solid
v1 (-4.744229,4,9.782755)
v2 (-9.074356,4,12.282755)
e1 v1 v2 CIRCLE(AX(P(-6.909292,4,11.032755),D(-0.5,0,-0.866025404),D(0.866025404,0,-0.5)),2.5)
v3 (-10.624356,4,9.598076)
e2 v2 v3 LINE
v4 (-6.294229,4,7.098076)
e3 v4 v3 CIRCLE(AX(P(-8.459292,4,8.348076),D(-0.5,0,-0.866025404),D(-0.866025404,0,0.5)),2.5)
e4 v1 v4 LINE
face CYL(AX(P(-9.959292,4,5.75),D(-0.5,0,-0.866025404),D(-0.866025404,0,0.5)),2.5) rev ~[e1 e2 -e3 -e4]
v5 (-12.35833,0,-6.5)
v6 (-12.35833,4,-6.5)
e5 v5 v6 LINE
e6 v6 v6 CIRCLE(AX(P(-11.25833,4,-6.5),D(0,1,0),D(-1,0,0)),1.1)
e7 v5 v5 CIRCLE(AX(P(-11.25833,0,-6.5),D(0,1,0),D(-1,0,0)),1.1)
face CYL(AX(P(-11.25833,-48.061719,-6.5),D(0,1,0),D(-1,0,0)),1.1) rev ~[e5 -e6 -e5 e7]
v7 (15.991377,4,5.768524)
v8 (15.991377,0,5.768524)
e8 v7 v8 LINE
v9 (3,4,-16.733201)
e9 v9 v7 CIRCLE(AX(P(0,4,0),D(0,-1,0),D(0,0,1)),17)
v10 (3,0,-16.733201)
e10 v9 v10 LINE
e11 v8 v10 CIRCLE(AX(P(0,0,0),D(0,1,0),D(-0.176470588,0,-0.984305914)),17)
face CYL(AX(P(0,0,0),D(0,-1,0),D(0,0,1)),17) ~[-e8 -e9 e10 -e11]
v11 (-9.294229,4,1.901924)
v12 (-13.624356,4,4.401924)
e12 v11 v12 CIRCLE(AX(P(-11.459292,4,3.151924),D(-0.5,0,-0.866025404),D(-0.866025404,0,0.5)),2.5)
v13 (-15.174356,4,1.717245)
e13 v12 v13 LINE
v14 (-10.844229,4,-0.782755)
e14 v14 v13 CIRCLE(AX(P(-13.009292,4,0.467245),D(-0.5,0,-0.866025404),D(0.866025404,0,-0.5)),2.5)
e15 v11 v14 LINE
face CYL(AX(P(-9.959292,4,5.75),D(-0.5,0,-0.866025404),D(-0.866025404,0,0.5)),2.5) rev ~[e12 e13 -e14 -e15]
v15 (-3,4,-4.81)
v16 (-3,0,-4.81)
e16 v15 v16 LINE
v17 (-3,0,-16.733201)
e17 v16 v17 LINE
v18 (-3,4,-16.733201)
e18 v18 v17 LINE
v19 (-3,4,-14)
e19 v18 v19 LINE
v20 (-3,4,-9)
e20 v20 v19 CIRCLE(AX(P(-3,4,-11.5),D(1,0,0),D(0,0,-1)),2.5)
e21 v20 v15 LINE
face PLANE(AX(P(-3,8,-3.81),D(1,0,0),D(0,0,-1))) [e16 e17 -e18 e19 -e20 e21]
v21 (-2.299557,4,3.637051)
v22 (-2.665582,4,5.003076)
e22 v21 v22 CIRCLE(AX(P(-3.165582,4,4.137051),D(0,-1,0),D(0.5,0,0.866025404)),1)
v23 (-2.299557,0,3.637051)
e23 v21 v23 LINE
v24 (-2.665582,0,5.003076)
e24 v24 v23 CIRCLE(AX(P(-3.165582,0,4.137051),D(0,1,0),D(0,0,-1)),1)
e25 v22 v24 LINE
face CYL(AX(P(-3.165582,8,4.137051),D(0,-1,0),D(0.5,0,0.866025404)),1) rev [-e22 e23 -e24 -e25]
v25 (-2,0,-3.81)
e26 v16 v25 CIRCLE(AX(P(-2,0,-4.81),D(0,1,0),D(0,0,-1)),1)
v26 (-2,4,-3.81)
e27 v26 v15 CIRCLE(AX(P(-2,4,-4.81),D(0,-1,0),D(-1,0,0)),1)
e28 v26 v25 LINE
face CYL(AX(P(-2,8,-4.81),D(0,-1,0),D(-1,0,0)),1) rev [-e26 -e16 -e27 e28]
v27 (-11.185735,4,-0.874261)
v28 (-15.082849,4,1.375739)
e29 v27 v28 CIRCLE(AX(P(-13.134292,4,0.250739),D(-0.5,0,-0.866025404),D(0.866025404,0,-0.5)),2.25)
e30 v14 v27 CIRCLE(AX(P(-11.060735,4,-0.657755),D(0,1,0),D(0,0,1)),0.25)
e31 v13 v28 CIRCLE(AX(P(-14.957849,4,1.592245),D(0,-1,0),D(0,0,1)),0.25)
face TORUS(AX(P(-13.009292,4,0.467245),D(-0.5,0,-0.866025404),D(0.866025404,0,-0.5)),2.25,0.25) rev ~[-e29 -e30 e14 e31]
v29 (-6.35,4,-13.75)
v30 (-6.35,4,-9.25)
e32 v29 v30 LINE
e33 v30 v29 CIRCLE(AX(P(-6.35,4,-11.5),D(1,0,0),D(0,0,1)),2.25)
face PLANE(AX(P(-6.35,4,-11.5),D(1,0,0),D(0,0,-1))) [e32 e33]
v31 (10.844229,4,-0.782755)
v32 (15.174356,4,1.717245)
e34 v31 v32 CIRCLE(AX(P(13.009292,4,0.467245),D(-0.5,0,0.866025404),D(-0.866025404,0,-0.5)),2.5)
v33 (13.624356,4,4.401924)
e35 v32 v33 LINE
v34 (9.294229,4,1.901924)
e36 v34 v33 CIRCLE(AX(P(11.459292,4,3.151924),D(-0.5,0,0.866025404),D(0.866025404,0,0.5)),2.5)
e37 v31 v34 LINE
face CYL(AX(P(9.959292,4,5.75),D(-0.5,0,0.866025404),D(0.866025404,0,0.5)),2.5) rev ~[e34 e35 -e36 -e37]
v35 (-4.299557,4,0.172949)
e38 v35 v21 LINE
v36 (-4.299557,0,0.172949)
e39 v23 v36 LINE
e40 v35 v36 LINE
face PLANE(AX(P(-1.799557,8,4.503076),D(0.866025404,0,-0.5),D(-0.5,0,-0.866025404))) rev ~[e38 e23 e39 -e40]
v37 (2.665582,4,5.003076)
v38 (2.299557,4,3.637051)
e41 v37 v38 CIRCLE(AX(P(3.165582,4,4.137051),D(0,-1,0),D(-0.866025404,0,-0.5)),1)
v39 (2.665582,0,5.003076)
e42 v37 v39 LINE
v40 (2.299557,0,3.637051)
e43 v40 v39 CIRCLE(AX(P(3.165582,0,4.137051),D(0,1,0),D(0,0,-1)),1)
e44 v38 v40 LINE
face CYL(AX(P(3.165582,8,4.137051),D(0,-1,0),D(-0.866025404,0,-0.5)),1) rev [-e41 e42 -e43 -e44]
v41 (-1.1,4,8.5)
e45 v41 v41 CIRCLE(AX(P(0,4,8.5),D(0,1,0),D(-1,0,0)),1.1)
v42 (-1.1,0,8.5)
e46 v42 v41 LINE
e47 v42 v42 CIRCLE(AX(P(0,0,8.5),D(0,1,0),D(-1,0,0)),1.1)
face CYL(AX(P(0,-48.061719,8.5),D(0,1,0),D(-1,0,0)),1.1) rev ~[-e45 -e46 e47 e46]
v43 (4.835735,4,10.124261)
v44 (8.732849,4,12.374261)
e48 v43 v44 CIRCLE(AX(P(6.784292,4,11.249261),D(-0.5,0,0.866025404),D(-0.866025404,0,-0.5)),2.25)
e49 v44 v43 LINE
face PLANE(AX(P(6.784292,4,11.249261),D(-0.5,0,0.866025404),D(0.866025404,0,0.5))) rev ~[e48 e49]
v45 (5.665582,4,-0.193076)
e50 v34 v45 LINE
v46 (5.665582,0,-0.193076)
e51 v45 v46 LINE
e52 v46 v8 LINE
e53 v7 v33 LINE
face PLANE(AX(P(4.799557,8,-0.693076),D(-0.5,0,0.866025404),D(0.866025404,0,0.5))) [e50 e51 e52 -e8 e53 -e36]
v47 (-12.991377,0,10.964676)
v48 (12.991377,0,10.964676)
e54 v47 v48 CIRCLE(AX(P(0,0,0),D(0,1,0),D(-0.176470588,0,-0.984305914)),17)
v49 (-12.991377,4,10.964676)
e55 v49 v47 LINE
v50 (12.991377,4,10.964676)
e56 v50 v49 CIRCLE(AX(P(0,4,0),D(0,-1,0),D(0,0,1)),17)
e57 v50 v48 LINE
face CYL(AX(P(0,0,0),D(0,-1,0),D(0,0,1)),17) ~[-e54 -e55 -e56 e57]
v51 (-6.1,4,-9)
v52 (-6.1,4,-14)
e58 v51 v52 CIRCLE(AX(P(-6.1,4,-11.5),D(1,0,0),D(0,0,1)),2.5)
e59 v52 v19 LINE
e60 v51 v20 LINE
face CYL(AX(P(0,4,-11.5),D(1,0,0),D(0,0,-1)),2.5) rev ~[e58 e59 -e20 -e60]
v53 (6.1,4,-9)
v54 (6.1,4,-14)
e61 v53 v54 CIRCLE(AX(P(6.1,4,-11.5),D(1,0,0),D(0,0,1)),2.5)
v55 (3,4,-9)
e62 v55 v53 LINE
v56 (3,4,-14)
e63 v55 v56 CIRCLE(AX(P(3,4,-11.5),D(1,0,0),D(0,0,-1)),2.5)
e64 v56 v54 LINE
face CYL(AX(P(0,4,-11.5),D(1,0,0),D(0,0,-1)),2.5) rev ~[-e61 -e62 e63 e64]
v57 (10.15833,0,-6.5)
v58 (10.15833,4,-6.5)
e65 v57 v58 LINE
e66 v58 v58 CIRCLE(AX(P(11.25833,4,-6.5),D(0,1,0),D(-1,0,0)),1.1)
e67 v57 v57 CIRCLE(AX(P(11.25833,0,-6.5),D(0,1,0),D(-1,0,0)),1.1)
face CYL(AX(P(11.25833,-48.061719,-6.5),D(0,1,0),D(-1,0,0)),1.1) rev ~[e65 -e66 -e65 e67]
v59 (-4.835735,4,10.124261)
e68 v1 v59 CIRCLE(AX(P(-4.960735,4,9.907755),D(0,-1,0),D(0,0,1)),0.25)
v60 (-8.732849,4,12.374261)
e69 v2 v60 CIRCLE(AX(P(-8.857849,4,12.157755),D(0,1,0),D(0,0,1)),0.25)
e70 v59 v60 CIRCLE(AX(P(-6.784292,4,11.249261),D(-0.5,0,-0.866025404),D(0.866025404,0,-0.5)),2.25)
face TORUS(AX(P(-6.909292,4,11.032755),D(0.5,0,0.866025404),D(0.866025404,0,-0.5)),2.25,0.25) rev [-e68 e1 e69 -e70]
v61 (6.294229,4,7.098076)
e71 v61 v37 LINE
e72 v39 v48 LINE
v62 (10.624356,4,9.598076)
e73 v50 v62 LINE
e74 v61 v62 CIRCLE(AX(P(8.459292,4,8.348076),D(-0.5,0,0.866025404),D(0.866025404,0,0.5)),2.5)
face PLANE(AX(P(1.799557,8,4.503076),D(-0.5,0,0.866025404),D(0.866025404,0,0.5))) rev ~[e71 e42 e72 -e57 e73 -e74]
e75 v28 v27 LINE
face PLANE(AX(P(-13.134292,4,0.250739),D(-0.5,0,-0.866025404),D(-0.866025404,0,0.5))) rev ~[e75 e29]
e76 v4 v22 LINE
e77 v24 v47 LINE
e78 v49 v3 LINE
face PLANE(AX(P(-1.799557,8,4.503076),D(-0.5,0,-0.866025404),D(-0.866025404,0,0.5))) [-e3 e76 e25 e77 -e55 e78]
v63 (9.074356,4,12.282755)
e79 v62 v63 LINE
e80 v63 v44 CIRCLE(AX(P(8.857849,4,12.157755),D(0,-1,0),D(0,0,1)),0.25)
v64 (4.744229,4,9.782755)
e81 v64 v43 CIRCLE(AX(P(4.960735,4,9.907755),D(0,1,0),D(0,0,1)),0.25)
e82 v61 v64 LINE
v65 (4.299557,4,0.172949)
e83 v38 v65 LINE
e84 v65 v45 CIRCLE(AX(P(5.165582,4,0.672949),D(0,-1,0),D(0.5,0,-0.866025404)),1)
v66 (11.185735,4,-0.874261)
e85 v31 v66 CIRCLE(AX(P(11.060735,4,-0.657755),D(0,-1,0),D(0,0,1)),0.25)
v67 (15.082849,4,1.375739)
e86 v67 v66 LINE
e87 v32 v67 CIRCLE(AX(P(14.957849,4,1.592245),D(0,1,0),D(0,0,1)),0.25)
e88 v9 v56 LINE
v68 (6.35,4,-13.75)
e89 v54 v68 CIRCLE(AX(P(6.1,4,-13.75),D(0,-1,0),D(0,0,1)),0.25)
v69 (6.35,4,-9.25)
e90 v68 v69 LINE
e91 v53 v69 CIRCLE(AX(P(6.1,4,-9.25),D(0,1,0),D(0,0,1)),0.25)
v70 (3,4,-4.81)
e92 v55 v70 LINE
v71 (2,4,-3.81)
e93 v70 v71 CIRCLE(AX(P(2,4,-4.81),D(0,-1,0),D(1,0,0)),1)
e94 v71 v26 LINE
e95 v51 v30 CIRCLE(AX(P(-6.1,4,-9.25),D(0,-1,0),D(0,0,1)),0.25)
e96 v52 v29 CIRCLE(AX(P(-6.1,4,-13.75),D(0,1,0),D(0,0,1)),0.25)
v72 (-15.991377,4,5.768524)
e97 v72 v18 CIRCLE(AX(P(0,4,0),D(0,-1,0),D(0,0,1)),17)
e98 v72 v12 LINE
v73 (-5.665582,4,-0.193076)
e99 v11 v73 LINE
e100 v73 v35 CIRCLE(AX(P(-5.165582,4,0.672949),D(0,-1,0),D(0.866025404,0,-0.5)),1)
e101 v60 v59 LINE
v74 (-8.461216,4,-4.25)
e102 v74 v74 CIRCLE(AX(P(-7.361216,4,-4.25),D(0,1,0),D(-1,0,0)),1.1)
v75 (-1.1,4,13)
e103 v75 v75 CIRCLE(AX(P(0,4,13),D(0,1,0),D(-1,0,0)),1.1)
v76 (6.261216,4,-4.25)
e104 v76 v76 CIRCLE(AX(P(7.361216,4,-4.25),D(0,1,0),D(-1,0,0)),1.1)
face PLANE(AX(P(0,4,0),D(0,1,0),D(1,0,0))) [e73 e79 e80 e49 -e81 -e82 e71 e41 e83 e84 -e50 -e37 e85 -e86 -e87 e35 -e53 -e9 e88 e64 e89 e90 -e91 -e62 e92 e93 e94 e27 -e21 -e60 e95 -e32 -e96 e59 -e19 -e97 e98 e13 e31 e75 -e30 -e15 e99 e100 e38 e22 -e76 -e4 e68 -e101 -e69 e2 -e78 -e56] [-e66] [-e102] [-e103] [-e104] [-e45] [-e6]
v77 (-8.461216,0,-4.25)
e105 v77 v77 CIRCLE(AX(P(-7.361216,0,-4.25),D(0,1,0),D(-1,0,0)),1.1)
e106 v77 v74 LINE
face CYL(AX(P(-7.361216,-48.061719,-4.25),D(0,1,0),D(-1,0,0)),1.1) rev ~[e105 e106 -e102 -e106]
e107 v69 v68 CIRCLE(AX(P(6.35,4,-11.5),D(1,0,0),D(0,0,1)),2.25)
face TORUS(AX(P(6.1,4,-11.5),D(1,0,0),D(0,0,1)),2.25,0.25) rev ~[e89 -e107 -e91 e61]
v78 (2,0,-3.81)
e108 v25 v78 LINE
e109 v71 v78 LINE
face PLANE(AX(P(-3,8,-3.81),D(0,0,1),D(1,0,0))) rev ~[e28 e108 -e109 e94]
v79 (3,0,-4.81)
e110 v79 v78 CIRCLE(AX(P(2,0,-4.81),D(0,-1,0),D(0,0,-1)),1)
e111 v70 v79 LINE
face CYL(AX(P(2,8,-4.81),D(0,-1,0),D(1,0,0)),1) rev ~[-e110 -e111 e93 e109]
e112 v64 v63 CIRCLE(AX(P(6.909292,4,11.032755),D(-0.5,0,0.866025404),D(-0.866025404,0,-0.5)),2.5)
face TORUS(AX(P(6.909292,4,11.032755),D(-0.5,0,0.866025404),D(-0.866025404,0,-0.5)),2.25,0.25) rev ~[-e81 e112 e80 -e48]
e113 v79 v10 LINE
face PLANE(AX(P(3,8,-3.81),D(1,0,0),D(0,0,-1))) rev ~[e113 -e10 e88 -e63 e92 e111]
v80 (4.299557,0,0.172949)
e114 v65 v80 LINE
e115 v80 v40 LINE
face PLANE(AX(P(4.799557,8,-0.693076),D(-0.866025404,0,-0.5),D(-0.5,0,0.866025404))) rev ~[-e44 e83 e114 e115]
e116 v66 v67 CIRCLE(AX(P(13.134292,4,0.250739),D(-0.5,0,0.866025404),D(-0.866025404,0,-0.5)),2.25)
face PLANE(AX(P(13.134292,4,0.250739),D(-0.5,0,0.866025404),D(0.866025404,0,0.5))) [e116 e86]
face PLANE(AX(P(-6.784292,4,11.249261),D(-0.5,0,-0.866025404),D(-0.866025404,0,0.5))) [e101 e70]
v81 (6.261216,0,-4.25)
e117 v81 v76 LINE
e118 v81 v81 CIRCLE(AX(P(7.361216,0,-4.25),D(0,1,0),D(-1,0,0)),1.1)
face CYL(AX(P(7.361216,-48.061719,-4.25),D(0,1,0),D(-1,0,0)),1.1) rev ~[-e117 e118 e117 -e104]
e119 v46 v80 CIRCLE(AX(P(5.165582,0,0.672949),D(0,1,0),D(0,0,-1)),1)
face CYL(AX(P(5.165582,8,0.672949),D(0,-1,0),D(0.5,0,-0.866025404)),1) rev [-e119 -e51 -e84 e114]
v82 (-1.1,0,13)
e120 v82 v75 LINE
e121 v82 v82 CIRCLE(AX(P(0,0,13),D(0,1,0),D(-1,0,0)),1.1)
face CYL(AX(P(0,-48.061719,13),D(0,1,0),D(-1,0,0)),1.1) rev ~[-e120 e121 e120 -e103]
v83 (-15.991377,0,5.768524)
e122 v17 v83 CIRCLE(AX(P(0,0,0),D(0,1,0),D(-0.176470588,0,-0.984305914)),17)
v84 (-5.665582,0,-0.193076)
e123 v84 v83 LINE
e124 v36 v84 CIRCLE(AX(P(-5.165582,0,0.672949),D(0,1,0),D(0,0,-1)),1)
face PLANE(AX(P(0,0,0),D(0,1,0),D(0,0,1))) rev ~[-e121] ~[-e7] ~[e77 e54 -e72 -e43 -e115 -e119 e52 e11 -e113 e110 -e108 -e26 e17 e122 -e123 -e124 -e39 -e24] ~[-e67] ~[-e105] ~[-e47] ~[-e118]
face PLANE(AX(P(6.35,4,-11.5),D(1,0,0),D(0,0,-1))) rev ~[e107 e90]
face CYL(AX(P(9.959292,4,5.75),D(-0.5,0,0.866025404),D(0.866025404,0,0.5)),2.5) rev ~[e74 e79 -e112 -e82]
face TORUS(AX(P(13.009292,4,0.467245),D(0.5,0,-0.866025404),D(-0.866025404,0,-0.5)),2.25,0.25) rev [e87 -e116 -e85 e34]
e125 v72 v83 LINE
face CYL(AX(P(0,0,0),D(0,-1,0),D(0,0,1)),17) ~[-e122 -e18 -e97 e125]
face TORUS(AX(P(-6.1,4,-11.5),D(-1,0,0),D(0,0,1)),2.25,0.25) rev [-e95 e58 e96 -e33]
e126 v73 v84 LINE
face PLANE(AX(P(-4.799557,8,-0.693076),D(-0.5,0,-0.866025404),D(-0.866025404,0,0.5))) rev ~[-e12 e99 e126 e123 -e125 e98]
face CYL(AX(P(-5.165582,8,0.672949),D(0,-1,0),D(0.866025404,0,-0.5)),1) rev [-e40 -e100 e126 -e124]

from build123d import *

# Parameters (mm, degrees)
SKETCH1_R                  = 17
BOSS_EXTRUDE1_DEPTH        = 8
SKETCH9_W                  = 6
SKETCH9_H                  = 13.19
CUT_EXTRUDE1_DEPTH         = 26.337718919
SKETCH10_R                 = 2.5
CUT_EXTRUDE2_DEPTH         = 6.35
FILLET2_R                  = 1
CIRPATTERN2_COUNT          = 3
FILLET2_OF_CIRPATTERN2_R   = 1
SKETCH12_R                 = 20
CUT_EXTRUDE3_DEPTH         = 10
F_2_2_2_2_DIAMETER_HOLE1_D = 2.2
FILLET3_R                  = 0.25


with BuildPart() as part:
    # Sketch1 → Boss-Extrude1 (new body)
    with BuildSketch(Plane(origin=(0, 0, 0), x_dir=(1, 0, 0), z_dir=(0, 1, 0))):
        Circle(SKETCH1_R)
    extrude(amount=BOSS_EXTRUDE1_DEPTH)

    # Sketch9 → Cut-Extrude1 (cut, through all)
    with BuildSketch(Plane(origin=(0, 8, 0), x_dir=(1, 0, 0), z_dir=(0, 1, 0))):
        with Locations((0, 10.405)):
            Rectangle(SKETCH9_W, SKETCH9_H)
    cut_extrude1 = extrude(amount=-CUT_EXTRUDE1_DEPTH, mode=Mode.SUBTRACT)

    # Sketch10 → Cut-Extrude2 (cut, symmetric)
    with BuildSketch(Plane(origin=(0, 0, 0), x_dir=(0, 0, -1), z_dir=(1, 0, 0))):
        with Locations((11.5, 4)):
            Circle(SKETCH10_R)
    cut_extrude2 = extrude(amount=CUT_EXTRUDE2_DEPTH, both=True, mode=Mode.SUBTRACT)

    # Fillet2
    fillet2_edges = [part.edges().sort_by_distance(p)[0] for p in [
        (3, 4, -3.81),
        (-3, 4, -3.81),
    ]]
    fillet(fillet2_edges, radius=FILLET2_R)

    # CirPattern2: Cut-Extrude1, Cut-Extrude2 ×3 about axis
    cirpattern2_axis = Axis((0, 40.005, 0), (0, -1, 0))
    add([cut_extrude1.rotate(cirpattern2_axis, i * 360 / CIRPATTERN2_COUNT) for i in range(1, CIRPATTERN2_COUNT)], mode=Mode.SUBTRACT)
    add([cut_extrude2.rotate(cirpattern2_axis, i * 360 / CIRPATTERN2_COUNT) for i in range(1, CIRPATTERN2_COUNT)], mode=Mode.SUBTRACT)

    # Fillet2 of CirPattern2
    fillet2_of_cirpattern2_edges = [part.edges().sort_by_distance(p)[0] for p in [
        (1.799556788, 4, 4.503076211),
        (4.799556788, 4, -0.693076211),
        (-4.799556788, 4, -0.693076211),
        (-1.799556788, 4, 4.503076211),
    ]]
    fillet(fillet2_of_cirpattern2_edges, radius=FILLET2_OF_CIRPATTERN2_R)

    # Sketch12 → Cut-Extrude3 (cut)
    with BuildSketch(Plane(origin=(0, 4, 0), x_dir=(1, 0, 0), z_dir=(0, 1, 0))):
        Circle(SKETCH12_R)
    extrude(amount=CUT_EXTRUDE3_DEPTH, mode=Mode.SUBTRACT)

    # Ø2.2 (2.2) Diameter Hole1 (through all)
    with Locations(Plane.XZ):
        with Locations((-11.258330249, -6.5), (11.258330249, -6.5), (0, 13), (-7.361215932, -4.25), (7.361215932, -4.25), (0, 8.5)):
            Hole(F_2_2_2_2_DIAMETER_HOLE1_D / 2)

    # Fillet3
    fillet3_edges = [part.edges().sort_by_distance(p)[0] for p in [
        (-13.134292144, 1.5, 0.250738686),
        (-6.784292144, 1.5, 11.249261314),
        (6.784292144, 1.5, 11.249261314),
        (13.134292144, 1.5, 0.250738686),
        (-6.35, 1.5, -11.5),
        (6.35, 1.5, -11.5),
    ]]
    fillet(fillet3_edges, radius=FILLET3_R)


solid = part.part
